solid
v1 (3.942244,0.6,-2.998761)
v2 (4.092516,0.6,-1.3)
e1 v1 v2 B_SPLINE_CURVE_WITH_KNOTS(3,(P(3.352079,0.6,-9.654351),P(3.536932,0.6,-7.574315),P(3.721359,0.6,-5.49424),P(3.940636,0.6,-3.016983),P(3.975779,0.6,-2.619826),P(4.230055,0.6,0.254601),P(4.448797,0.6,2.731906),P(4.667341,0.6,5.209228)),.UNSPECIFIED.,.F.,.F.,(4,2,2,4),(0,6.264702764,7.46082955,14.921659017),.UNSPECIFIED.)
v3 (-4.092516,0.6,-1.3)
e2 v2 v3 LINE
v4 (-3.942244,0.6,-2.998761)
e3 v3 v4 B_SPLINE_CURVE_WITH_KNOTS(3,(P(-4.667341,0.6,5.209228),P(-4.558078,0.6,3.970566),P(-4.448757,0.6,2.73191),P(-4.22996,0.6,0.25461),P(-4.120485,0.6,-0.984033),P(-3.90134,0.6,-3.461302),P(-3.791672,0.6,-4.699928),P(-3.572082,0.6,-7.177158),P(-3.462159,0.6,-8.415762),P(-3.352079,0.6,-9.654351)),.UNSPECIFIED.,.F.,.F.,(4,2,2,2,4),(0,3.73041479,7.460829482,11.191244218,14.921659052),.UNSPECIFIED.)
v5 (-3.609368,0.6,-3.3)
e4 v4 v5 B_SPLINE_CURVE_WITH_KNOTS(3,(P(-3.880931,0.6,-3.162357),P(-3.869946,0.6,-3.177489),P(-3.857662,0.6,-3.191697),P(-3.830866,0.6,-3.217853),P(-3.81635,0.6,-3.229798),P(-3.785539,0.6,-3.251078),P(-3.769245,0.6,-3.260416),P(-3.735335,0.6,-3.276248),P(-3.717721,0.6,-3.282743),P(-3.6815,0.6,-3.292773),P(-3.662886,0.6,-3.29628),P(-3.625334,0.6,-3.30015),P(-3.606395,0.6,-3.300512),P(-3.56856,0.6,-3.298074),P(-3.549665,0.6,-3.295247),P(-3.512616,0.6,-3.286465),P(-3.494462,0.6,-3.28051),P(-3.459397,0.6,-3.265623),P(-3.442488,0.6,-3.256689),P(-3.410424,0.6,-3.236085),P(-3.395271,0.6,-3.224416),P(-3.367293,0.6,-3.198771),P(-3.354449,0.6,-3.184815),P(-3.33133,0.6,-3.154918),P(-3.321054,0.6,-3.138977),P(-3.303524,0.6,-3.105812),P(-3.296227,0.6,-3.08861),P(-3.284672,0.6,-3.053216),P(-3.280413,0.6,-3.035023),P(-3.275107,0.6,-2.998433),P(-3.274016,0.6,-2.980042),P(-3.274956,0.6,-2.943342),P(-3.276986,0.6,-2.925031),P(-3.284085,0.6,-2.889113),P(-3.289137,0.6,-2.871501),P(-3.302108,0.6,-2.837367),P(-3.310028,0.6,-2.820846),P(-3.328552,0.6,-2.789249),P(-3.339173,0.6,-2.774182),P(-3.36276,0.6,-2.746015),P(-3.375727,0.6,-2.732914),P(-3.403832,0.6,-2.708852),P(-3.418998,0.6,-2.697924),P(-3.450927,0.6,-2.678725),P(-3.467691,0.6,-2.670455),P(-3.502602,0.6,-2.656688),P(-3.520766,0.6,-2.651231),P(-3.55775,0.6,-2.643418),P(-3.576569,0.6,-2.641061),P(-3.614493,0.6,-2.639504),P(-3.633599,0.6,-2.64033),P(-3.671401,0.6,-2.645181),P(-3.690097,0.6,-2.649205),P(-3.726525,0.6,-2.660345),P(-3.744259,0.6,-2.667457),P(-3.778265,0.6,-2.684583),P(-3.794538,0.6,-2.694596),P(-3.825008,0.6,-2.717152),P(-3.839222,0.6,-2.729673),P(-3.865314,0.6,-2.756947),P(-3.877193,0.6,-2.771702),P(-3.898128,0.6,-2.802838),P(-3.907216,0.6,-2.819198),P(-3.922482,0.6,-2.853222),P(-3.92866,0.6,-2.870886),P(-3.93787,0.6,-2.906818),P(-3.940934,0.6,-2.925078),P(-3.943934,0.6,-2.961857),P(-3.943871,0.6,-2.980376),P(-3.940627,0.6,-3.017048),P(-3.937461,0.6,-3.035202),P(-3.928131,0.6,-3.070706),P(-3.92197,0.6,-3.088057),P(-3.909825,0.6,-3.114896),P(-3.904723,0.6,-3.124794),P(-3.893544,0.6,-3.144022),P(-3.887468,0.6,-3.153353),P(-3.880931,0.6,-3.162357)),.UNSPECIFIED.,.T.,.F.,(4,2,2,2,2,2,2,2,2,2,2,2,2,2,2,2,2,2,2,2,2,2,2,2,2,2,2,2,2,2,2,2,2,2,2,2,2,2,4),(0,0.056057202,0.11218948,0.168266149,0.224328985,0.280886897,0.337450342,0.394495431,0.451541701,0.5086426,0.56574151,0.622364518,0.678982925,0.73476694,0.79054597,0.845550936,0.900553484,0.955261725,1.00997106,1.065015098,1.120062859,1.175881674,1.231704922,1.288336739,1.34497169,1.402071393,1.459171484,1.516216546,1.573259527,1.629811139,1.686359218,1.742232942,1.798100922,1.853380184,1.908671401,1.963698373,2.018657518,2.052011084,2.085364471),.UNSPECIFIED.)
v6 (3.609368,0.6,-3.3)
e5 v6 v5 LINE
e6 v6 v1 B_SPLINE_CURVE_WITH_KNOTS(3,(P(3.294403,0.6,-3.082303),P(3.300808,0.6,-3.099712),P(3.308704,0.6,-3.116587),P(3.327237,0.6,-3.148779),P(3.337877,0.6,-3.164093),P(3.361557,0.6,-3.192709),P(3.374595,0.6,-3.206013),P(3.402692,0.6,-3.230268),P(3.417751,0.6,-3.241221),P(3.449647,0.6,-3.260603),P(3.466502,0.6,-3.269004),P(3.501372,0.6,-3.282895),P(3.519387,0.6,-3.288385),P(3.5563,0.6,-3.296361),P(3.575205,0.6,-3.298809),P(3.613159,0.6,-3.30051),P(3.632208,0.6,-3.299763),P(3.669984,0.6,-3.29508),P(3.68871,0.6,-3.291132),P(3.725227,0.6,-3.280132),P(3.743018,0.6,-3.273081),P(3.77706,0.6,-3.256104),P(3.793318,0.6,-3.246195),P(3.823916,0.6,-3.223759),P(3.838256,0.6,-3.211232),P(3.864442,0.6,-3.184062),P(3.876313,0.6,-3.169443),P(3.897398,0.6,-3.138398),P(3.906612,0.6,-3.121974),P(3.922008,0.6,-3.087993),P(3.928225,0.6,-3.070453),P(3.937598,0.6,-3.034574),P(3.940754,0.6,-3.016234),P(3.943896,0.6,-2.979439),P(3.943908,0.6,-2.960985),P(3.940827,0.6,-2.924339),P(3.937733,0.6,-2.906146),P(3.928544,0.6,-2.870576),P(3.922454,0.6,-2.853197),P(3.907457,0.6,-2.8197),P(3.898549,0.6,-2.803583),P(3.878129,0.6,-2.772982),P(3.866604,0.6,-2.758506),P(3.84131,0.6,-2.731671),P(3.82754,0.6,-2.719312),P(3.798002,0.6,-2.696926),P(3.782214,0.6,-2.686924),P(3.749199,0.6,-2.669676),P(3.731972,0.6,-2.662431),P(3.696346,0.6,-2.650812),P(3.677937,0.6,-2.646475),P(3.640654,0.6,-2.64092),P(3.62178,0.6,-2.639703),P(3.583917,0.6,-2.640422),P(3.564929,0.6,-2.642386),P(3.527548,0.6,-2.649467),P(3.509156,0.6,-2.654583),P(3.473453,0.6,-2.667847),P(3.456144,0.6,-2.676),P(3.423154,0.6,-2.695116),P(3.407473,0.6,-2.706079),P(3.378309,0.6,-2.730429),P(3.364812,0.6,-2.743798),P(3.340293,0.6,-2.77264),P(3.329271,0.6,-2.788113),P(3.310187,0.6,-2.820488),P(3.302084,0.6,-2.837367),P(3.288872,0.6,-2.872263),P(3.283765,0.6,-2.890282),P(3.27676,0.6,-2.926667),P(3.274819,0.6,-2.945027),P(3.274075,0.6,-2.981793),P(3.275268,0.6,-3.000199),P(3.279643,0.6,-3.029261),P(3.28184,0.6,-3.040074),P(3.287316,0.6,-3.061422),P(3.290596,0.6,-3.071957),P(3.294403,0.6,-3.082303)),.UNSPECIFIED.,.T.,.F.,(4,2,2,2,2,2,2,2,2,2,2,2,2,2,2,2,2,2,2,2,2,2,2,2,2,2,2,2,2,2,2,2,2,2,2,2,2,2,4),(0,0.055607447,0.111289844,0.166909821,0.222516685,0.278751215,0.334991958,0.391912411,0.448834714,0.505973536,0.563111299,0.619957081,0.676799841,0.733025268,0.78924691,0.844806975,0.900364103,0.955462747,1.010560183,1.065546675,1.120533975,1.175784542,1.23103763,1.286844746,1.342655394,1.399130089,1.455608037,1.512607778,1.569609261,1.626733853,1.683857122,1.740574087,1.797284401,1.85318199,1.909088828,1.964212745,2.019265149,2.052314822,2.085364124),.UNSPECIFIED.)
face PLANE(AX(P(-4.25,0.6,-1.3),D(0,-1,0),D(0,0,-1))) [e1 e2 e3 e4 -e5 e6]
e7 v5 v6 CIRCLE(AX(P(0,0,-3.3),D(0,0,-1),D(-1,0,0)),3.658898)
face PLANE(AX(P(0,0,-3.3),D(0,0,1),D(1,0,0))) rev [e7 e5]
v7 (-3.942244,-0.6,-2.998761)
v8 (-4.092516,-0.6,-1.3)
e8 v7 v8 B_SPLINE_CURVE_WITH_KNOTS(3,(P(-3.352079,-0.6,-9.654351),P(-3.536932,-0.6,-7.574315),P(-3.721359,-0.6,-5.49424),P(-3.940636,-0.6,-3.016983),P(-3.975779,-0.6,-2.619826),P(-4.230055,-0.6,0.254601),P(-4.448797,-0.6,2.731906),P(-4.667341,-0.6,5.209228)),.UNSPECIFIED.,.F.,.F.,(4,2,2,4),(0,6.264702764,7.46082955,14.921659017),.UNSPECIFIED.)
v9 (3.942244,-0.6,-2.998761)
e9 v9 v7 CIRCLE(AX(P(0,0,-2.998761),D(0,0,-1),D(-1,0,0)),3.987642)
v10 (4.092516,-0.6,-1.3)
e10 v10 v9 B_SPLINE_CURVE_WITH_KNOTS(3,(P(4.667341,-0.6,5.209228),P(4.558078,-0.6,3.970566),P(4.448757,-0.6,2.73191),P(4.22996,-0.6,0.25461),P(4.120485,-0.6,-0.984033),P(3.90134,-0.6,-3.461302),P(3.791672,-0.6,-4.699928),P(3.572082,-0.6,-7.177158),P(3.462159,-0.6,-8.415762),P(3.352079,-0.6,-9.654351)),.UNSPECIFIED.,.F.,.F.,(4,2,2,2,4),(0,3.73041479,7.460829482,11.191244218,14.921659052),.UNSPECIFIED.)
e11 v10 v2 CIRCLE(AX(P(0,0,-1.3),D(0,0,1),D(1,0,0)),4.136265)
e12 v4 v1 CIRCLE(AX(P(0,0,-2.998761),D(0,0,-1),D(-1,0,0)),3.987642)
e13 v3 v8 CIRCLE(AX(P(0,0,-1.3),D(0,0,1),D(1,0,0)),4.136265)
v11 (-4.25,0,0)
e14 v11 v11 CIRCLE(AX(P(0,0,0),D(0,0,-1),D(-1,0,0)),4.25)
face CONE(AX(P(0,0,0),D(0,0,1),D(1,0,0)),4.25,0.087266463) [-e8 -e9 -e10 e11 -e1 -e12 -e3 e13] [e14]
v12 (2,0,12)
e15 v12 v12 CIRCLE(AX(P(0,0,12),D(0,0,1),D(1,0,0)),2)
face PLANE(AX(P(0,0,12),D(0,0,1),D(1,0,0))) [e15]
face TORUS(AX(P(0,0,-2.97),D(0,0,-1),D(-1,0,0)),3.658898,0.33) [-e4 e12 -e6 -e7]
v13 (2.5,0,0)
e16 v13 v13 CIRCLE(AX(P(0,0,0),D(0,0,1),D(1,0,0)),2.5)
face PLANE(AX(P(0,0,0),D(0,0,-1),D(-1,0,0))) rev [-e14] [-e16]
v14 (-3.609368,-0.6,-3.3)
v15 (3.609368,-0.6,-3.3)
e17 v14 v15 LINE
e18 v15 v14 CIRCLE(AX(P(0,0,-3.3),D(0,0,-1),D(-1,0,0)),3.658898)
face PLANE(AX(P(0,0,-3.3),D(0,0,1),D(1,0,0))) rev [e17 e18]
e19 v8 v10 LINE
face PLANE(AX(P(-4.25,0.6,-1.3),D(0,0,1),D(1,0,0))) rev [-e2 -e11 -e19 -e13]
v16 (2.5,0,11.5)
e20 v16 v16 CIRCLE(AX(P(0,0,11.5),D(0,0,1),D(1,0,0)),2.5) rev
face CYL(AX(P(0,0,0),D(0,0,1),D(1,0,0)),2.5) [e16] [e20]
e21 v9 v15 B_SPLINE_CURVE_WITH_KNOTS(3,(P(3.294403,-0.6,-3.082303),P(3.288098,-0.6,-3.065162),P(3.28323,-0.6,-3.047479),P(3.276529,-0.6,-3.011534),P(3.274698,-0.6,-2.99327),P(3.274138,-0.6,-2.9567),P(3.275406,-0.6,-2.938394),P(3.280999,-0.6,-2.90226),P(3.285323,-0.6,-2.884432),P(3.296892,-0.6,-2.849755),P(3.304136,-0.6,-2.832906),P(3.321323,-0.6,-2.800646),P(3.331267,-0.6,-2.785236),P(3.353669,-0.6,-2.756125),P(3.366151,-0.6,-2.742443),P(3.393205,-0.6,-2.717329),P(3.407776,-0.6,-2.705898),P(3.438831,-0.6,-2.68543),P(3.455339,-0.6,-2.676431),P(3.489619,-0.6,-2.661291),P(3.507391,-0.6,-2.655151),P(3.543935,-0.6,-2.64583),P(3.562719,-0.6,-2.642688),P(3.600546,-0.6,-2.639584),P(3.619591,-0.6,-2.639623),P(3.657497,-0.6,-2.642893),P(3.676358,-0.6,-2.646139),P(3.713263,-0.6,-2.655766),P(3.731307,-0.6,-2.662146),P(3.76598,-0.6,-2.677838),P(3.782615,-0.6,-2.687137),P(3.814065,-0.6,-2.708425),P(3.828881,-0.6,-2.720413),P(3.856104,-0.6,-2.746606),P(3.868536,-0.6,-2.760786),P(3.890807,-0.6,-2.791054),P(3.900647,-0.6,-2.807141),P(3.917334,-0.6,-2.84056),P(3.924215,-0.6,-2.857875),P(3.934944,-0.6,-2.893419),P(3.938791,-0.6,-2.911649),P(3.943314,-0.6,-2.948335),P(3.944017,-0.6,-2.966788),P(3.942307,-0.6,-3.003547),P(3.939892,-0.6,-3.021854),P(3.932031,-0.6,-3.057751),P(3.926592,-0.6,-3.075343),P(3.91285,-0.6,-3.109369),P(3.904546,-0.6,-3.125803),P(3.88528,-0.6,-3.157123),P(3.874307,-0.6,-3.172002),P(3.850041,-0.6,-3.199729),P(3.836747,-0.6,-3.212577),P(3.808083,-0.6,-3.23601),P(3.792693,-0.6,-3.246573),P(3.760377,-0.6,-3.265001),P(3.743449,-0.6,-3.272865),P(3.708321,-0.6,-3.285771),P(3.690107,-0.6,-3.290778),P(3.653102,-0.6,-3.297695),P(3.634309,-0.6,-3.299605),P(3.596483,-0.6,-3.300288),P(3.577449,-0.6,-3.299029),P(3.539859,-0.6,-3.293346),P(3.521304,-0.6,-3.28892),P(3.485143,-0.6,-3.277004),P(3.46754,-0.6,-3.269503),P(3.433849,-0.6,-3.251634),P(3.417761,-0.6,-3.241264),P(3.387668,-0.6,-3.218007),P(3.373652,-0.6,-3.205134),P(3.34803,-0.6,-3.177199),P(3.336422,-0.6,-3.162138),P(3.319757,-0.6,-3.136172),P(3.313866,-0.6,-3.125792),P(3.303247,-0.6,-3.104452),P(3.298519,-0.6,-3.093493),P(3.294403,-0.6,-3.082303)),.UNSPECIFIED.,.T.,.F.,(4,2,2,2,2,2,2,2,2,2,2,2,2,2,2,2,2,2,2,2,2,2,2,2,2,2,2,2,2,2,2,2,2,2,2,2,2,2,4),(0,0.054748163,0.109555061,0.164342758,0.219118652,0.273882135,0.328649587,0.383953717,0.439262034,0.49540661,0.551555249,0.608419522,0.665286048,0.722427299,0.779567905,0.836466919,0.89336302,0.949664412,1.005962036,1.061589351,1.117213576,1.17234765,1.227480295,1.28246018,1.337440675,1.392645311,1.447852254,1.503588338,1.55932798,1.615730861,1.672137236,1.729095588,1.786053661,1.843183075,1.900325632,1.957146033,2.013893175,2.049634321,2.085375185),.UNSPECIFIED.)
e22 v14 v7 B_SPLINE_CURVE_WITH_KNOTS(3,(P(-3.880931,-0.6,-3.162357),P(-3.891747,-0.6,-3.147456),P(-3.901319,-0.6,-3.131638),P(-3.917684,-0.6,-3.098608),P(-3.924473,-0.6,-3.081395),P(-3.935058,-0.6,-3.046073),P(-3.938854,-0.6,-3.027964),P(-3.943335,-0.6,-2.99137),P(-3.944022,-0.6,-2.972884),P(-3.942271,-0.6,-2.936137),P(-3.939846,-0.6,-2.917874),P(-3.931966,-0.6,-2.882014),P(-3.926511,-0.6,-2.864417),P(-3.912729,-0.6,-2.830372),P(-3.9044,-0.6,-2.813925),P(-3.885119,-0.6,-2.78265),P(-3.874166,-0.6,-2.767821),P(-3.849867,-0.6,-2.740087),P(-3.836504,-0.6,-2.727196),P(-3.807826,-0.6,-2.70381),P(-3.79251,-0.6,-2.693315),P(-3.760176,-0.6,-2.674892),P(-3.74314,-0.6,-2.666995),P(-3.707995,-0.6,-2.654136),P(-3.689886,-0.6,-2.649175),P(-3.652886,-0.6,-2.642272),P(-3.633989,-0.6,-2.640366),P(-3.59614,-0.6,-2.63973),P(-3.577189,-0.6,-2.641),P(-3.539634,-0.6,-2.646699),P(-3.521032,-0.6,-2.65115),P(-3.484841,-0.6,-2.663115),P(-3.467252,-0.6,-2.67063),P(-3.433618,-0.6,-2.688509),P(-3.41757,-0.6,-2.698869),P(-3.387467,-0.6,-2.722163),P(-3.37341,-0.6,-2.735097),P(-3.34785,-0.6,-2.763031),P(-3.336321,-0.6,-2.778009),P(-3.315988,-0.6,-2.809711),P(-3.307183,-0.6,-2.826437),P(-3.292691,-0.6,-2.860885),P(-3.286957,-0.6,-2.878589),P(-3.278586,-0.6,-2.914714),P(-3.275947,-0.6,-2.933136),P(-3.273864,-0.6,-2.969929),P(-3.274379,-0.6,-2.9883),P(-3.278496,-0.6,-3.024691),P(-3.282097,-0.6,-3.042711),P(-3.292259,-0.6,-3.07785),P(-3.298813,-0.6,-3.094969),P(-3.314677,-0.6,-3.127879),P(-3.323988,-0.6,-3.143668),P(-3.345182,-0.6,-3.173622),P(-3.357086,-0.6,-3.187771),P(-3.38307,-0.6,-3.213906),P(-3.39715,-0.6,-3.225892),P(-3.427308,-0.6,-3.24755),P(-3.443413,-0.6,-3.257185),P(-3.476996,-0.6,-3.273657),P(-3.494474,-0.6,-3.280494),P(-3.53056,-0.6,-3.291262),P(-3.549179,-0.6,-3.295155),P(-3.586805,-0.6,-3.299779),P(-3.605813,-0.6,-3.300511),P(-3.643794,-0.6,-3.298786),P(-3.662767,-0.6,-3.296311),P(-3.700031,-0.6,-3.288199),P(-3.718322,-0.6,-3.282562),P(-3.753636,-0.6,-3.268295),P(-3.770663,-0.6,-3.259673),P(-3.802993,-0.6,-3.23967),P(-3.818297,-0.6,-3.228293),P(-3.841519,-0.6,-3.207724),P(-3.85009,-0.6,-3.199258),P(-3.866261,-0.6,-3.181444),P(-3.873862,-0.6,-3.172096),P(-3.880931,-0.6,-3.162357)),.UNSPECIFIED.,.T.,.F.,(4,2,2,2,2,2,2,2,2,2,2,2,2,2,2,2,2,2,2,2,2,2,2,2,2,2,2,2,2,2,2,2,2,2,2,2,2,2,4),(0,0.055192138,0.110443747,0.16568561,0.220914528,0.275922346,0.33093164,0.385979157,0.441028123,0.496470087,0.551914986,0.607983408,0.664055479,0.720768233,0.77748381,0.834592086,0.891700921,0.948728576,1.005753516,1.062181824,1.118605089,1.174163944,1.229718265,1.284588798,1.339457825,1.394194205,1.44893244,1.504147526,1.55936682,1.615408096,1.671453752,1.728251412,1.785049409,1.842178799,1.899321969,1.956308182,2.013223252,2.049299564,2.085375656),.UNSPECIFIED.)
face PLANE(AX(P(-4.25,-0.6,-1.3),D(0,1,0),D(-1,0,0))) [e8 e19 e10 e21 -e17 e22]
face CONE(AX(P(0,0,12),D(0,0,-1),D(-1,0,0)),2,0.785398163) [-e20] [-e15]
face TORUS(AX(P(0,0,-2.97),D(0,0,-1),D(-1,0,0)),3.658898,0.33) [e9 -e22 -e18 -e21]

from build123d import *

# Parameters (mm, degrees)
ESQUISSE2_W             = 8.5
ESQUISSE2_H             = 1.2
ENLEV_MAT_EXTRU_1_DEPTH = 2
ESQUISSE3_W             = 2.5
ESQUISSE3_H             = 12
CHANFREIN1_SIZE         = 0.5


with BuildPart() as part:
    # Esquisse1 → Base-Révolution (revolve)
    with BuildSketch(Plane(origin=(0, 0, 0), x_dir=(1, 0, 0), z_dir=(0, 1, 0)), mode=Mode.PRIVATE) as base_r_volution_sk:
        with BuildLine():
            Line((0, 0), (4.25, 0))
            Line((4.25, 0), (3.987642373, 2.998761395))
            ThreePointArc((3.987642373, 2.998761395), (3.881842891, 3.213301521), (3.658898123, 3.3))
            Line((3.658898123, 3.3), (0, 3.3))
            Line((0, 3.3), (0, 0))
        make_face()
    revolve(base_r_volution_sk.sketch.rotate(Axis((0, 0, 0), (0, 0, -1)), 180), axis=Axis((0, 0, 0), (0, 0, -1)))

    # Esquisse2 → Enlev. mat.-Extru.1 (cut)
    with BuildSketch(Plane.XY.offset(-3.3)):
        Rectangle(ESQUISSE2_W, ESQUISSE2_H)
    extrude(amount=ENLEV_MAT_EXTRU_1_DEPTH, mode=Mode.SUBTRACT)

    # Esquisse3 → Boss.-Révol.1 (revolve)
    with BuildSketch(Plane(origin=(0, 0, 0), x_dir=(1, 0, 0), z_dir=(0, 1, 0)), mode=Mode.PRIVATE) as boss_r_vol_1_sk:
        with Locations((1.25, -6)):
            Rectangle(ESQUISSE3_W, ESQUISSE3_H)
    revolve(boss_r_vol_1_sk.sketch.rotate(Axis((0, 0, 0), (0, 0, 1)), 351.659338237), axis=Axis((0, 0, 0), (0, 0, 1)))

    # Chanfrein1
    chanfrein1_edges = [part.edges().sort_by_distance(p)[0] for p in [
        (-2.473557732, 0.362646032, 12),
    ]]
    chamfer(chanfrein1_edges, length=CHANFREIN1_SIZE)


solid = part.part
